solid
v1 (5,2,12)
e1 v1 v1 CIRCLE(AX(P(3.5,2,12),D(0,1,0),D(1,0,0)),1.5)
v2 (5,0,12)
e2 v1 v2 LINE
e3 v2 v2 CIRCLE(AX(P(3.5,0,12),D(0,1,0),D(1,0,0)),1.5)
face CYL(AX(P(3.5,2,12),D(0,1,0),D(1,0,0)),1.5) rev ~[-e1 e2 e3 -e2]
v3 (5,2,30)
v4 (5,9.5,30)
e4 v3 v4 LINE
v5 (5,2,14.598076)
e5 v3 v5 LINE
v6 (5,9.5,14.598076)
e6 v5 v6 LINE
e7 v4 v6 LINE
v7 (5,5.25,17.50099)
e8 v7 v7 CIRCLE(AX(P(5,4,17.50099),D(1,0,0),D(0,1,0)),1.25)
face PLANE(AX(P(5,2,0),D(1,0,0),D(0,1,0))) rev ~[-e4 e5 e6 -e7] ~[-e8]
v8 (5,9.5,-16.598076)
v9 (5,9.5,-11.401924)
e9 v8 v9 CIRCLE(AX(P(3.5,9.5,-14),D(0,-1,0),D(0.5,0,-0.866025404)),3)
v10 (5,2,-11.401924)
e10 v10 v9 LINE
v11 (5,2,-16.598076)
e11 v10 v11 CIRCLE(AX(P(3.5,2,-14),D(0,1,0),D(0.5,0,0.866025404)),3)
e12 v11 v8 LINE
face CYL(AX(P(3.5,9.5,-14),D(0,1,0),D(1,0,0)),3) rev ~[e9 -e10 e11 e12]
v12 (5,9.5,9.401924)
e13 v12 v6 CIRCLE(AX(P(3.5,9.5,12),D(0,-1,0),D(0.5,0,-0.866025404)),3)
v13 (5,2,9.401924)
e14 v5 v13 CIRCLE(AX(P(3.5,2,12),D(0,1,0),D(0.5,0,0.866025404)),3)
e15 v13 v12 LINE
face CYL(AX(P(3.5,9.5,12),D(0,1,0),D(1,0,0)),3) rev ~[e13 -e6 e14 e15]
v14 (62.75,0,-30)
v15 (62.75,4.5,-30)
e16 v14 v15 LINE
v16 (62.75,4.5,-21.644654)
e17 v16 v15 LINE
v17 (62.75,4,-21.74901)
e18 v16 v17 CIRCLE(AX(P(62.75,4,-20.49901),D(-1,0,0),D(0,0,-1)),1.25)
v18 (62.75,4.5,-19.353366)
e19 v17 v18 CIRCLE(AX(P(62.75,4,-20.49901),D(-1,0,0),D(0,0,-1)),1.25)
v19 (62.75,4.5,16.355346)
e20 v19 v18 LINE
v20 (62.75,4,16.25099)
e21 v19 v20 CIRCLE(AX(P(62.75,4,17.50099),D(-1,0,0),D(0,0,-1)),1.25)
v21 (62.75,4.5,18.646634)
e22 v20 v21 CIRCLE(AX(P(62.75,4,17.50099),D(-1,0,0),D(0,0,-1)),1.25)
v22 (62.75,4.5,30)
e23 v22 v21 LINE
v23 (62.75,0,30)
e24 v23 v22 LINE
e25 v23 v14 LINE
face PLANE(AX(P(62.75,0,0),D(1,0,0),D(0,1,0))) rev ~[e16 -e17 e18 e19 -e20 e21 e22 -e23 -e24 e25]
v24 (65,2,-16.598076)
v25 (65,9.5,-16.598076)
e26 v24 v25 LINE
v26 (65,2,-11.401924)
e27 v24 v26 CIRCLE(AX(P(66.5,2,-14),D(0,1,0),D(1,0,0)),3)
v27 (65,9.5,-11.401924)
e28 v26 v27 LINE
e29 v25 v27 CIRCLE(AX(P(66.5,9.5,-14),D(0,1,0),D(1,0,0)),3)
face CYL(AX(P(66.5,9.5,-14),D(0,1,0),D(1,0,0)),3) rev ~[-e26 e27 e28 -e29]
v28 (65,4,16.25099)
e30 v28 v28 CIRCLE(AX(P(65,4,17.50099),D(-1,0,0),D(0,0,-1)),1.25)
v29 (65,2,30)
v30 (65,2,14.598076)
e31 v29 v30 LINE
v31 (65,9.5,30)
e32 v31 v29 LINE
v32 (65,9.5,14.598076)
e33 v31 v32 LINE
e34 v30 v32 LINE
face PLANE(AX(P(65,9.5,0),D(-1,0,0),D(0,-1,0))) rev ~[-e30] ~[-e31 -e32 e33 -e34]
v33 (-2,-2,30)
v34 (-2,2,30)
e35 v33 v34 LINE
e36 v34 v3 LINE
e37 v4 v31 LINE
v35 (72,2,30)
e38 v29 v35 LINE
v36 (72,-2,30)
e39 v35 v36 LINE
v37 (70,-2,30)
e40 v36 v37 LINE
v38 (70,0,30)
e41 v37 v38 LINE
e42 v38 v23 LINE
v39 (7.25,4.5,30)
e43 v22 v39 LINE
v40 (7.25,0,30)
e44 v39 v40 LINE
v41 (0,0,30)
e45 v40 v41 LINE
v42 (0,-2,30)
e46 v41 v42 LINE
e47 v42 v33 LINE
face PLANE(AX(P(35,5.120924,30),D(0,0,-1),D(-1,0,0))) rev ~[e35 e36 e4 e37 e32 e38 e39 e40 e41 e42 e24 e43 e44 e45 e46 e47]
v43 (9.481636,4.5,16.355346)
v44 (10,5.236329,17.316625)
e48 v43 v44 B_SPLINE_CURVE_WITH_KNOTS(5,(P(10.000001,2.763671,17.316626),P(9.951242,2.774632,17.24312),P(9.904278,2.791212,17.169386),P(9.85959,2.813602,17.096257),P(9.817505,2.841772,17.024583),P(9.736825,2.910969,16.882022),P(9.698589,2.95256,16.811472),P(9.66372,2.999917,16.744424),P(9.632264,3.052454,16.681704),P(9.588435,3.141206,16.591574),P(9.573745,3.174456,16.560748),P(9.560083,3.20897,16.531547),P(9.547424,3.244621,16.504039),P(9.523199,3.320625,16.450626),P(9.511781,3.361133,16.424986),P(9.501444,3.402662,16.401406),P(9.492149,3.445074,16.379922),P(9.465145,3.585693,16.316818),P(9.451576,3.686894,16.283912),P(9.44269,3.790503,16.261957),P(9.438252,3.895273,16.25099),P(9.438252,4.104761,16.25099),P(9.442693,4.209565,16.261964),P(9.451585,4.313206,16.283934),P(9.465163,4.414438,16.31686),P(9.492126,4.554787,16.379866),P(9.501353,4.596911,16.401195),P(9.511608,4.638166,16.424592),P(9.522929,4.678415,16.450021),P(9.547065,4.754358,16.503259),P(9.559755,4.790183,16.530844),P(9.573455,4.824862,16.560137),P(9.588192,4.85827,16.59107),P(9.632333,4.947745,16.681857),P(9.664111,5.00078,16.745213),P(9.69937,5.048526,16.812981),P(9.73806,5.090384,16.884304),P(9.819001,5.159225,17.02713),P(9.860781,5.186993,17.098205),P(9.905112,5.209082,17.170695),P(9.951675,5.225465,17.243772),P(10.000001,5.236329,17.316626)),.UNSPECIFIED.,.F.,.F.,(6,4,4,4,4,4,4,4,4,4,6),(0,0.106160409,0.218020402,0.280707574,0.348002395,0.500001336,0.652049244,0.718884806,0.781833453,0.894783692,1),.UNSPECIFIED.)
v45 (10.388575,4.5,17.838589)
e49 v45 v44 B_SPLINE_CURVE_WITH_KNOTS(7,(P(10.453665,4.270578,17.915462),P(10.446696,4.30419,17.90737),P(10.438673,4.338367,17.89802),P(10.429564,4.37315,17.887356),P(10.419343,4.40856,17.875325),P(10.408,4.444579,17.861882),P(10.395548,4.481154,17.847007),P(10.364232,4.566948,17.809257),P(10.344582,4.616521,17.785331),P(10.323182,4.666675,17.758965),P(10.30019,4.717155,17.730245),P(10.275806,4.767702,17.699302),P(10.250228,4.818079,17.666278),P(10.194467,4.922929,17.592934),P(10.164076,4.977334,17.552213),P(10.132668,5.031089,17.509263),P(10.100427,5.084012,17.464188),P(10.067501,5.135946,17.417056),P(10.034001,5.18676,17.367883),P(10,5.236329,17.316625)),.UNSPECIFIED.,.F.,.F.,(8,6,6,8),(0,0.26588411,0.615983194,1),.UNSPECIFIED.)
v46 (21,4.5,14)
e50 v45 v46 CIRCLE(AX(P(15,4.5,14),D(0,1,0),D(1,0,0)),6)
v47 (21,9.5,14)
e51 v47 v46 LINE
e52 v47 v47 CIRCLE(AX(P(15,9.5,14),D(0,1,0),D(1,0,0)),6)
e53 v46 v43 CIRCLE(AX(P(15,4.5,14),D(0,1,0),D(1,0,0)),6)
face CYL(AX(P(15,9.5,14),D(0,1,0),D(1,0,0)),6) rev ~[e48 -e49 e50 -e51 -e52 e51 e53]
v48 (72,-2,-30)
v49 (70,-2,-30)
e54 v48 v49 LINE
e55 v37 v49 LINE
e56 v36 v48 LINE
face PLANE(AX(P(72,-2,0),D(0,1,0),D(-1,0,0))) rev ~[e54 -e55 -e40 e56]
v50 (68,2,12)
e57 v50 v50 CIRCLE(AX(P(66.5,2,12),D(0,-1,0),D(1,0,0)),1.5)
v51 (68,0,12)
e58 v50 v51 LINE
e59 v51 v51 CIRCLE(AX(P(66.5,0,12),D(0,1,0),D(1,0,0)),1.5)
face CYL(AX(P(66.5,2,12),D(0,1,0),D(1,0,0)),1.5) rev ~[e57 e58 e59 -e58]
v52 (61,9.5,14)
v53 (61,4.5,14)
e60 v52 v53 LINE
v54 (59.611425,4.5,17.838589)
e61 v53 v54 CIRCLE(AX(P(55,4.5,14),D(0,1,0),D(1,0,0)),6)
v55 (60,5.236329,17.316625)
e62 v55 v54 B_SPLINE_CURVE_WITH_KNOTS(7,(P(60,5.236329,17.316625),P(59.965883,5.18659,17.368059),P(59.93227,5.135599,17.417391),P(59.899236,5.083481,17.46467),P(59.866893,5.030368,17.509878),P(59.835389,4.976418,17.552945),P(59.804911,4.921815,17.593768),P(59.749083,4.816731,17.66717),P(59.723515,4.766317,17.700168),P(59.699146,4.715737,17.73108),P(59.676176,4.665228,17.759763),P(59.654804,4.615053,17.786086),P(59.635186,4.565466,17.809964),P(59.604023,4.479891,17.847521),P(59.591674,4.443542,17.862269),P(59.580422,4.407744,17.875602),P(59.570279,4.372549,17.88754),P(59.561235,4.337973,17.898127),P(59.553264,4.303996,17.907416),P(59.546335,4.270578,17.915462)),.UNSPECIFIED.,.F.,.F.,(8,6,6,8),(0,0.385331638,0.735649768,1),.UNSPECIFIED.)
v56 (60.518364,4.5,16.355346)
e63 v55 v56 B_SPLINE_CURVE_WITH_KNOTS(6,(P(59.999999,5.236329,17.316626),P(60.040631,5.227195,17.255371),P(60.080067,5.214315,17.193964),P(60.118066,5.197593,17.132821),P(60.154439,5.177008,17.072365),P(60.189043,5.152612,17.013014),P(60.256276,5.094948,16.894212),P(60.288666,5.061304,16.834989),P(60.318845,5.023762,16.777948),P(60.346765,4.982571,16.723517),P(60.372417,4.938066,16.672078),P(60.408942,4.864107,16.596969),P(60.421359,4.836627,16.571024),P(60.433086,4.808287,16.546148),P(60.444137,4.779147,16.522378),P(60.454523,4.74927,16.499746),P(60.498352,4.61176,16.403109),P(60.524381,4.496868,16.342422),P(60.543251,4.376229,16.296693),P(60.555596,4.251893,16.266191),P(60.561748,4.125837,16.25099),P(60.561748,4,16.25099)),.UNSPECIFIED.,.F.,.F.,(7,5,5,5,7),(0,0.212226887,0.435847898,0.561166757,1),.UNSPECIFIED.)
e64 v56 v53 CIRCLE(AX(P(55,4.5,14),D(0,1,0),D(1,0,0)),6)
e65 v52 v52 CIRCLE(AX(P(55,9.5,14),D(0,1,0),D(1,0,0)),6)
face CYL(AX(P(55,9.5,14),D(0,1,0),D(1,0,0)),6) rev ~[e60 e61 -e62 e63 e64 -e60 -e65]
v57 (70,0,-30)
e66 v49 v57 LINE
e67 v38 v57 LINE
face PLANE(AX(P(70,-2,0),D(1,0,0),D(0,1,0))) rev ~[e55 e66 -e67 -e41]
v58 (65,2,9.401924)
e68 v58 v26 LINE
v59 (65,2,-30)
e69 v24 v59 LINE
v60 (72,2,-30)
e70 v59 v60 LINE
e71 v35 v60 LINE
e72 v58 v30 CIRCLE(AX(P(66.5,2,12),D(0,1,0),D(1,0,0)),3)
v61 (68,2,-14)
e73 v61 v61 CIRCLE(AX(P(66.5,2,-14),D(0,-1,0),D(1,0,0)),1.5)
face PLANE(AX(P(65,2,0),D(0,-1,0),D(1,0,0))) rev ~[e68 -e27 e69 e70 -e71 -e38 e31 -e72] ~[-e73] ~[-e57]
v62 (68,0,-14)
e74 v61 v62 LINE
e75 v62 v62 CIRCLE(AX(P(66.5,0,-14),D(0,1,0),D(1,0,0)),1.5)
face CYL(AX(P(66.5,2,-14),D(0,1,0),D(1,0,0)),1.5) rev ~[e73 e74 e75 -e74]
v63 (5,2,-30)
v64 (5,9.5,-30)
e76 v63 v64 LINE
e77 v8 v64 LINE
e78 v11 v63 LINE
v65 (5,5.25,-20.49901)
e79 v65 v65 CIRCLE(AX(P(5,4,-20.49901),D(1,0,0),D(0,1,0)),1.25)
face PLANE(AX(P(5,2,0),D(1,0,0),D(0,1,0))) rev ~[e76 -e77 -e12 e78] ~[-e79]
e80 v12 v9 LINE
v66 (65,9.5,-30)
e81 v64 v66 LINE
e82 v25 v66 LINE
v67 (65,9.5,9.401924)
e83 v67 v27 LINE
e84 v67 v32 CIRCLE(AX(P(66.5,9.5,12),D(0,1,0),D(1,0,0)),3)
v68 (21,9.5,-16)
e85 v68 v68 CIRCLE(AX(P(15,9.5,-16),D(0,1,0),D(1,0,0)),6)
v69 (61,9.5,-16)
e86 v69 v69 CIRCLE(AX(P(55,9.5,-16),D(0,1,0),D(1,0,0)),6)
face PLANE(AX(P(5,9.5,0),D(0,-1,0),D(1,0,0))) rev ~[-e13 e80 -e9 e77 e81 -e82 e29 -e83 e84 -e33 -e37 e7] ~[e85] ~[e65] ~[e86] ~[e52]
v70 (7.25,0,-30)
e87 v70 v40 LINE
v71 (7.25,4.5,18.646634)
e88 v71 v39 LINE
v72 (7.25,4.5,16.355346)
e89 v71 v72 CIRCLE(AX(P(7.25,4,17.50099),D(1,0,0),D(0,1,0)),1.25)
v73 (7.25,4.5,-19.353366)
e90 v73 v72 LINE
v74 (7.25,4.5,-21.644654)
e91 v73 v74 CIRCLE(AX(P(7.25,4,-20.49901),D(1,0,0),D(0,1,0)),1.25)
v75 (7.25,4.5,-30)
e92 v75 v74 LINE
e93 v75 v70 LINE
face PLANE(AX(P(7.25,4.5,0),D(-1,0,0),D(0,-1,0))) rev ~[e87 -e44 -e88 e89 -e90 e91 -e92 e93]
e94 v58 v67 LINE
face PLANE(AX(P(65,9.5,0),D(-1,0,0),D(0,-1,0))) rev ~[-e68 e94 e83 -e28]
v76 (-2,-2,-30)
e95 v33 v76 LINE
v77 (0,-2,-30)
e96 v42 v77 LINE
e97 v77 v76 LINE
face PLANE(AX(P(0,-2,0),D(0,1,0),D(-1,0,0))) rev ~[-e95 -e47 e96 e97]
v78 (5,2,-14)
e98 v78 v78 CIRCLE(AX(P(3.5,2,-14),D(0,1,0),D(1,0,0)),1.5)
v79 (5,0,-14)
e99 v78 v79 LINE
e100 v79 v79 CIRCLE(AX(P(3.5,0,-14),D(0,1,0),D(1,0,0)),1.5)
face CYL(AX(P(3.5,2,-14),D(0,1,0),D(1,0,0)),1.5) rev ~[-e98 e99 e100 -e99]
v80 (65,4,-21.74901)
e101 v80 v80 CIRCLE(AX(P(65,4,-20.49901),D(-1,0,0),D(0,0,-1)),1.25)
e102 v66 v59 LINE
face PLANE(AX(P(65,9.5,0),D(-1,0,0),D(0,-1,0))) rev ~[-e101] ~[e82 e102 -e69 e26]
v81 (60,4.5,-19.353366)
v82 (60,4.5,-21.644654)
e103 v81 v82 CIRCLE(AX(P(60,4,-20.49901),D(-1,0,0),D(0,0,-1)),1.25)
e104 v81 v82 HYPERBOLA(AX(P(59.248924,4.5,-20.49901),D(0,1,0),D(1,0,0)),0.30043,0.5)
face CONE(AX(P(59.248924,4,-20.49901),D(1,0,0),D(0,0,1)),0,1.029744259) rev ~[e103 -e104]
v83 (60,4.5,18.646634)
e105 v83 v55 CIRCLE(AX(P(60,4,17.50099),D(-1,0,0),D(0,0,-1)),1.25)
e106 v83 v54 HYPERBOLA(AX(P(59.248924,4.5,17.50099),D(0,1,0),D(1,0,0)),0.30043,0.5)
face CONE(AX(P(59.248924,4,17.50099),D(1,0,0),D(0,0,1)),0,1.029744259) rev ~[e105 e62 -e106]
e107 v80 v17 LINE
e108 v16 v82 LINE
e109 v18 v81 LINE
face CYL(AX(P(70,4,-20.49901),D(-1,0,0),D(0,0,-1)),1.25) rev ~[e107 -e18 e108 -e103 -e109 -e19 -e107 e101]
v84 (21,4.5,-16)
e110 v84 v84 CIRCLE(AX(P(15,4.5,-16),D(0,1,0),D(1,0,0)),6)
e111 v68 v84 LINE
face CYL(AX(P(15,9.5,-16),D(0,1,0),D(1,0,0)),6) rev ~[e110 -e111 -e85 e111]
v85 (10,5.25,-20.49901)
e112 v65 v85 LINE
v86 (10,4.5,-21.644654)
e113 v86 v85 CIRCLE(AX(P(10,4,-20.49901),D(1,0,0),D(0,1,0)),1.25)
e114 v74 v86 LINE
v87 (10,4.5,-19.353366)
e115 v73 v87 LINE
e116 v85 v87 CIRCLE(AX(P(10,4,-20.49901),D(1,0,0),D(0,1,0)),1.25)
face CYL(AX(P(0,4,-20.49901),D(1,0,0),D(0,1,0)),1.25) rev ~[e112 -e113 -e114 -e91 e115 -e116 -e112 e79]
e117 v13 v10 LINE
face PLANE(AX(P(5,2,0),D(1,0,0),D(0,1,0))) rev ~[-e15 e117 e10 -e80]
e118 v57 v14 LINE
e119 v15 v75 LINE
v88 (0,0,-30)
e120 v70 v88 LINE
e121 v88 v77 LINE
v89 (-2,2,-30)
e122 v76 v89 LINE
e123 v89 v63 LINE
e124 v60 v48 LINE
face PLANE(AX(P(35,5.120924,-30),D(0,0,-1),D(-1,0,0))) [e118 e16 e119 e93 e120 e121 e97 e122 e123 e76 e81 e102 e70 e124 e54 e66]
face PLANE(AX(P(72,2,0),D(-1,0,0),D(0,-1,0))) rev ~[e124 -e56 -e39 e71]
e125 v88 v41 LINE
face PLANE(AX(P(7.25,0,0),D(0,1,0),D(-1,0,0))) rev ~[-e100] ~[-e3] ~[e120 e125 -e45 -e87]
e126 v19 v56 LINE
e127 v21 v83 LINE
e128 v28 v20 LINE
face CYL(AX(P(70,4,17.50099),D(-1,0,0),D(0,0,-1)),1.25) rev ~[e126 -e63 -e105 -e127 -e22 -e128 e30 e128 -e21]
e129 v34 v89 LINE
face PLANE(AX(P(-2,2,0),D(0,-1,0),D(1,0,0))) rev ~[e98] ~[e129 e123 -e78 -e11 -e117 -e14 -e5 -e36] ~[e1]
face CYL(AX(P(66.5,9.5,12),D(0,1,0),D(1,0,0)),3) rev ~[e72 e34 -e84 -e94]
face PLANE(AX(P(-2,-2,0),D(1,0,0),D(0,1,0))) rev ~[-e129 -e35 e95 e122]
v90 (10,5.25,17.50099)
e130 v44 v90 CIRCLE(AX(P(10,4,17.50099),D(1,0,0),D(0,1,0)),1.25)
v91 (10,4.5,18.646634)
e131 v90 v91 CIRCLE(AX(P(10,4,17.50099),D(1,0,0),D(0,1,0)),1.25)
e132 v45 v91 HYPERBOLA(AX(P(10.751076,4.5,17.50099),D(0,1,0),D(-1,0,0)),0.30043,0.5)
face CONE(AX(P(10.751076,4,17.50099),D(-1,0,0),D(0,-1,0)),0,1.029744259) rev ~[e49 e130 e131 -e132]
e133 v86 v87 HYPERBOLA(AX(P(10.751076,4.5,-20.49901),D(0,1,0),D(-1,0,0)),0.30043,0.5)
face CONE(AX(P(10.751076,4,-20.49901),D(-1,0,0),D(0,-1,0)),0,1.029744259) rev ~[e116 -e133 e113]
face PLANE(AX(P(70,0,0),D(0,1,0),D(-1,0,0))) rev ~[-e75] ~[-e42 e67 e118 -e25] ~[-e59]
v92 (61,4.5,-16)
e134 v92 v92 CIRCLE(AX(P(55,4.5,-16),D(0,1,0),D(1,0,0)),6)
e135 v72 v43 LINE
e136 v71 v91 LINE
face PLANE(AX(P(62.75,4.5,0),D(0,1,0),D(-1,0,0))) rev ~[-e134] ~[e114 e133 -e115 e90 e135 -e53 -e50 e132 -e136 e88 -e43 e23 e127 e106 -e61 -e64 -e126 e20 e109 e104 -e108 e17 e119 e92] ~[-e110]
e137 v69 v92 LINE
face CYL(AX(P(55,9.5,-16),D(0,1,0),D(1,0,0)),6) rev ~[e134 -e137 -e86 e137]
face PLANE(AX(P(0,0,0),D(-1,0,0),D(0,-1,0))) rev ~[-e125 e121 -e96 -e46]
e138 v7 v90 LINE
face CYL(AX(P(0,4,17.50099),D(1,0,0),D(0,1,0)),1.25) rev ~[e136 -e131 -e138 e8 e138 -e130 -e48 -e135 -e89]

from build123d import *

# Parameters (mm, degrees)
BOSS_EXTRUDE1_DEPTH             = 30
M3_TAPPED_HOLE1_D               = 2.5
M3_TAPPED_HOLE1_DEPTH           = 5
M3_TAPPED_HOLE1_TIP             = 0.751075774
M3_TAPPED_HOLE1_ON_FACE_2_D     = 2.5
M3_TAPPED_HOLE1_ON_FACE_2_DEPTH = 5
M3_TAPPED_HOLE1_ON_FACE_2_TIP   = 0.751075774
SKETCH7_R                       = 1.5
CUT_EXTRUDE2_DEPTH              = 5
SKETCH8_R                       = 3
CUT_EXTRUDE3_DEPTH              = 7.5
SKETCH2_R                       = 6
CUT_EXTRUDE1_DEPTH              = 12.5


with BuildPart() as part:
    # Sketch1 → Boss-Extrude1 (new body, symmetric)
    with BuildSketch(Plane.XY):
        Polygon((0, 0), (0, -2), (-2, -2), (-2, 2), (5, 2), (5, 9.5), (65, 9.5), (65, 2), (72, 2), (72, -2), (70, -2), (70, 0), (62.75, 0), (62.75, 4.5), (7.25, 4.5), (7.25, 0), align=None)
    extrude(amount=BOSS_EXTRUDE1_DEPTH, both=True)

    # M3 Tapped Hole1
    with Locations(Plane(origin=(5, 4, 17.50098961), x_dir=(0, -1, 0), z_dir=(-1, 0, 0))):
        with Locations((0, 0), (0, -38)):
            Hole(M3_TAPPED_HOLE1_D / 2, depth=M3_TAPPED_HOLE1_DEPTH)
            with Locations((0, 0, -(M3_TAPPED_HOLE1_DEPTH + M3_TAPPED_HOLE1_TIP / 2))):  # 118° drill point
                Cone(0, M3_TAPPED_HOLE1_D / 2, M3_TAPPED_HOLE1_TIP, mode=Mode.SUBTRACT)

    # M3 Tapped Hole1 on face 2
    with Locations(Plane(origin=(65, 4, 17.50098961), x_dir=(0, 0, 1), z_dir=(1, 0, 0))):
        with Locations((0, 0), (-38, 0)):
            Hole(M3_TAPPED_HOLE1_ON_FACE_2_D / 2, depth=M3_TAPPED_HOLE1_ON_FACE_2_DEPTH)
            with Locations((0, 0, -(M3_TAPPED_HOLE1_ON_FACE_2_DEPTH + M3_TAPPED_HOLE1_ON_FACE_2_TIP / 2))):  # 118° drill point
                Cone(0, M3_TAPPED_HOLE1_ON_FACE_2_D / 2, M3_TAPPED_HOLE1_ON_FACE_2_TIP, mode=Mode.SUBTRACT)

    # Sketch7 → Cut-Extrude2 (cut, through all)
    with BuildSketch(Plane(origin=(0, 2, 0), x_dir=(1, 0, 0), z_dir=(0, 1, 0))):
        with Locations((3.5, 14)):
            Circle(SKETCH7_R)
        with Locations((66.5, 14)):
            Circle(SKETCH7_R)
        with Locations((3.5, -12)):
            Circle(SKETCH7_R)
        with Locations((66.5, -12)):
            Circle(SKETCH7_R)
    extrude(amount=-CUT_EXTRUDE2_DEPTH, mode=Mode.SUBTRACT)

    # Sketch8 → Cut-Extrude3 (cut)
    with BuildSketch(Plane(origin=(0, 9.5, 0), x_dir=(1, 0, 0), z_dir=(0, 1, 0))):
        with Locations((3.5, 14)):
            Circle(SKETCH8_R)
        with Locations((3.5, -12)):
            Circle(SKETCH8_R)
        with Locations((66.5, 14)):
            Circle(SKETCH8_R)
        with Locations((66.5, -12)):
            Circle(SKETCH8_R)
    extrude(amount=-CUT_EXTRUDE3_DEPTH, mode=Mode.SUBTRACT)

    # Sketch2 → Cut-Extrude1 (cut, through all)
    with BuildSketch(Plane(origin=(0, 9.5, 0), x_dir=(1, 0, 0), z_dir=(0, 1, 0))):
        with Locations((15, 16)):
            Circle(SKETCH2_R)
        with Locations((55, 16)):
            Circle(SKETCH2_R)
        with Locations((15, -14)):
            Circle(SKETCH2_R)
        with Locations((55, -14)):
            Circle(SKETCH2_R)
    extrude(amount=-CUT_EXTRUDE1_DEPTH, mode=Mode.SUBTRACT)


solid = part.part
